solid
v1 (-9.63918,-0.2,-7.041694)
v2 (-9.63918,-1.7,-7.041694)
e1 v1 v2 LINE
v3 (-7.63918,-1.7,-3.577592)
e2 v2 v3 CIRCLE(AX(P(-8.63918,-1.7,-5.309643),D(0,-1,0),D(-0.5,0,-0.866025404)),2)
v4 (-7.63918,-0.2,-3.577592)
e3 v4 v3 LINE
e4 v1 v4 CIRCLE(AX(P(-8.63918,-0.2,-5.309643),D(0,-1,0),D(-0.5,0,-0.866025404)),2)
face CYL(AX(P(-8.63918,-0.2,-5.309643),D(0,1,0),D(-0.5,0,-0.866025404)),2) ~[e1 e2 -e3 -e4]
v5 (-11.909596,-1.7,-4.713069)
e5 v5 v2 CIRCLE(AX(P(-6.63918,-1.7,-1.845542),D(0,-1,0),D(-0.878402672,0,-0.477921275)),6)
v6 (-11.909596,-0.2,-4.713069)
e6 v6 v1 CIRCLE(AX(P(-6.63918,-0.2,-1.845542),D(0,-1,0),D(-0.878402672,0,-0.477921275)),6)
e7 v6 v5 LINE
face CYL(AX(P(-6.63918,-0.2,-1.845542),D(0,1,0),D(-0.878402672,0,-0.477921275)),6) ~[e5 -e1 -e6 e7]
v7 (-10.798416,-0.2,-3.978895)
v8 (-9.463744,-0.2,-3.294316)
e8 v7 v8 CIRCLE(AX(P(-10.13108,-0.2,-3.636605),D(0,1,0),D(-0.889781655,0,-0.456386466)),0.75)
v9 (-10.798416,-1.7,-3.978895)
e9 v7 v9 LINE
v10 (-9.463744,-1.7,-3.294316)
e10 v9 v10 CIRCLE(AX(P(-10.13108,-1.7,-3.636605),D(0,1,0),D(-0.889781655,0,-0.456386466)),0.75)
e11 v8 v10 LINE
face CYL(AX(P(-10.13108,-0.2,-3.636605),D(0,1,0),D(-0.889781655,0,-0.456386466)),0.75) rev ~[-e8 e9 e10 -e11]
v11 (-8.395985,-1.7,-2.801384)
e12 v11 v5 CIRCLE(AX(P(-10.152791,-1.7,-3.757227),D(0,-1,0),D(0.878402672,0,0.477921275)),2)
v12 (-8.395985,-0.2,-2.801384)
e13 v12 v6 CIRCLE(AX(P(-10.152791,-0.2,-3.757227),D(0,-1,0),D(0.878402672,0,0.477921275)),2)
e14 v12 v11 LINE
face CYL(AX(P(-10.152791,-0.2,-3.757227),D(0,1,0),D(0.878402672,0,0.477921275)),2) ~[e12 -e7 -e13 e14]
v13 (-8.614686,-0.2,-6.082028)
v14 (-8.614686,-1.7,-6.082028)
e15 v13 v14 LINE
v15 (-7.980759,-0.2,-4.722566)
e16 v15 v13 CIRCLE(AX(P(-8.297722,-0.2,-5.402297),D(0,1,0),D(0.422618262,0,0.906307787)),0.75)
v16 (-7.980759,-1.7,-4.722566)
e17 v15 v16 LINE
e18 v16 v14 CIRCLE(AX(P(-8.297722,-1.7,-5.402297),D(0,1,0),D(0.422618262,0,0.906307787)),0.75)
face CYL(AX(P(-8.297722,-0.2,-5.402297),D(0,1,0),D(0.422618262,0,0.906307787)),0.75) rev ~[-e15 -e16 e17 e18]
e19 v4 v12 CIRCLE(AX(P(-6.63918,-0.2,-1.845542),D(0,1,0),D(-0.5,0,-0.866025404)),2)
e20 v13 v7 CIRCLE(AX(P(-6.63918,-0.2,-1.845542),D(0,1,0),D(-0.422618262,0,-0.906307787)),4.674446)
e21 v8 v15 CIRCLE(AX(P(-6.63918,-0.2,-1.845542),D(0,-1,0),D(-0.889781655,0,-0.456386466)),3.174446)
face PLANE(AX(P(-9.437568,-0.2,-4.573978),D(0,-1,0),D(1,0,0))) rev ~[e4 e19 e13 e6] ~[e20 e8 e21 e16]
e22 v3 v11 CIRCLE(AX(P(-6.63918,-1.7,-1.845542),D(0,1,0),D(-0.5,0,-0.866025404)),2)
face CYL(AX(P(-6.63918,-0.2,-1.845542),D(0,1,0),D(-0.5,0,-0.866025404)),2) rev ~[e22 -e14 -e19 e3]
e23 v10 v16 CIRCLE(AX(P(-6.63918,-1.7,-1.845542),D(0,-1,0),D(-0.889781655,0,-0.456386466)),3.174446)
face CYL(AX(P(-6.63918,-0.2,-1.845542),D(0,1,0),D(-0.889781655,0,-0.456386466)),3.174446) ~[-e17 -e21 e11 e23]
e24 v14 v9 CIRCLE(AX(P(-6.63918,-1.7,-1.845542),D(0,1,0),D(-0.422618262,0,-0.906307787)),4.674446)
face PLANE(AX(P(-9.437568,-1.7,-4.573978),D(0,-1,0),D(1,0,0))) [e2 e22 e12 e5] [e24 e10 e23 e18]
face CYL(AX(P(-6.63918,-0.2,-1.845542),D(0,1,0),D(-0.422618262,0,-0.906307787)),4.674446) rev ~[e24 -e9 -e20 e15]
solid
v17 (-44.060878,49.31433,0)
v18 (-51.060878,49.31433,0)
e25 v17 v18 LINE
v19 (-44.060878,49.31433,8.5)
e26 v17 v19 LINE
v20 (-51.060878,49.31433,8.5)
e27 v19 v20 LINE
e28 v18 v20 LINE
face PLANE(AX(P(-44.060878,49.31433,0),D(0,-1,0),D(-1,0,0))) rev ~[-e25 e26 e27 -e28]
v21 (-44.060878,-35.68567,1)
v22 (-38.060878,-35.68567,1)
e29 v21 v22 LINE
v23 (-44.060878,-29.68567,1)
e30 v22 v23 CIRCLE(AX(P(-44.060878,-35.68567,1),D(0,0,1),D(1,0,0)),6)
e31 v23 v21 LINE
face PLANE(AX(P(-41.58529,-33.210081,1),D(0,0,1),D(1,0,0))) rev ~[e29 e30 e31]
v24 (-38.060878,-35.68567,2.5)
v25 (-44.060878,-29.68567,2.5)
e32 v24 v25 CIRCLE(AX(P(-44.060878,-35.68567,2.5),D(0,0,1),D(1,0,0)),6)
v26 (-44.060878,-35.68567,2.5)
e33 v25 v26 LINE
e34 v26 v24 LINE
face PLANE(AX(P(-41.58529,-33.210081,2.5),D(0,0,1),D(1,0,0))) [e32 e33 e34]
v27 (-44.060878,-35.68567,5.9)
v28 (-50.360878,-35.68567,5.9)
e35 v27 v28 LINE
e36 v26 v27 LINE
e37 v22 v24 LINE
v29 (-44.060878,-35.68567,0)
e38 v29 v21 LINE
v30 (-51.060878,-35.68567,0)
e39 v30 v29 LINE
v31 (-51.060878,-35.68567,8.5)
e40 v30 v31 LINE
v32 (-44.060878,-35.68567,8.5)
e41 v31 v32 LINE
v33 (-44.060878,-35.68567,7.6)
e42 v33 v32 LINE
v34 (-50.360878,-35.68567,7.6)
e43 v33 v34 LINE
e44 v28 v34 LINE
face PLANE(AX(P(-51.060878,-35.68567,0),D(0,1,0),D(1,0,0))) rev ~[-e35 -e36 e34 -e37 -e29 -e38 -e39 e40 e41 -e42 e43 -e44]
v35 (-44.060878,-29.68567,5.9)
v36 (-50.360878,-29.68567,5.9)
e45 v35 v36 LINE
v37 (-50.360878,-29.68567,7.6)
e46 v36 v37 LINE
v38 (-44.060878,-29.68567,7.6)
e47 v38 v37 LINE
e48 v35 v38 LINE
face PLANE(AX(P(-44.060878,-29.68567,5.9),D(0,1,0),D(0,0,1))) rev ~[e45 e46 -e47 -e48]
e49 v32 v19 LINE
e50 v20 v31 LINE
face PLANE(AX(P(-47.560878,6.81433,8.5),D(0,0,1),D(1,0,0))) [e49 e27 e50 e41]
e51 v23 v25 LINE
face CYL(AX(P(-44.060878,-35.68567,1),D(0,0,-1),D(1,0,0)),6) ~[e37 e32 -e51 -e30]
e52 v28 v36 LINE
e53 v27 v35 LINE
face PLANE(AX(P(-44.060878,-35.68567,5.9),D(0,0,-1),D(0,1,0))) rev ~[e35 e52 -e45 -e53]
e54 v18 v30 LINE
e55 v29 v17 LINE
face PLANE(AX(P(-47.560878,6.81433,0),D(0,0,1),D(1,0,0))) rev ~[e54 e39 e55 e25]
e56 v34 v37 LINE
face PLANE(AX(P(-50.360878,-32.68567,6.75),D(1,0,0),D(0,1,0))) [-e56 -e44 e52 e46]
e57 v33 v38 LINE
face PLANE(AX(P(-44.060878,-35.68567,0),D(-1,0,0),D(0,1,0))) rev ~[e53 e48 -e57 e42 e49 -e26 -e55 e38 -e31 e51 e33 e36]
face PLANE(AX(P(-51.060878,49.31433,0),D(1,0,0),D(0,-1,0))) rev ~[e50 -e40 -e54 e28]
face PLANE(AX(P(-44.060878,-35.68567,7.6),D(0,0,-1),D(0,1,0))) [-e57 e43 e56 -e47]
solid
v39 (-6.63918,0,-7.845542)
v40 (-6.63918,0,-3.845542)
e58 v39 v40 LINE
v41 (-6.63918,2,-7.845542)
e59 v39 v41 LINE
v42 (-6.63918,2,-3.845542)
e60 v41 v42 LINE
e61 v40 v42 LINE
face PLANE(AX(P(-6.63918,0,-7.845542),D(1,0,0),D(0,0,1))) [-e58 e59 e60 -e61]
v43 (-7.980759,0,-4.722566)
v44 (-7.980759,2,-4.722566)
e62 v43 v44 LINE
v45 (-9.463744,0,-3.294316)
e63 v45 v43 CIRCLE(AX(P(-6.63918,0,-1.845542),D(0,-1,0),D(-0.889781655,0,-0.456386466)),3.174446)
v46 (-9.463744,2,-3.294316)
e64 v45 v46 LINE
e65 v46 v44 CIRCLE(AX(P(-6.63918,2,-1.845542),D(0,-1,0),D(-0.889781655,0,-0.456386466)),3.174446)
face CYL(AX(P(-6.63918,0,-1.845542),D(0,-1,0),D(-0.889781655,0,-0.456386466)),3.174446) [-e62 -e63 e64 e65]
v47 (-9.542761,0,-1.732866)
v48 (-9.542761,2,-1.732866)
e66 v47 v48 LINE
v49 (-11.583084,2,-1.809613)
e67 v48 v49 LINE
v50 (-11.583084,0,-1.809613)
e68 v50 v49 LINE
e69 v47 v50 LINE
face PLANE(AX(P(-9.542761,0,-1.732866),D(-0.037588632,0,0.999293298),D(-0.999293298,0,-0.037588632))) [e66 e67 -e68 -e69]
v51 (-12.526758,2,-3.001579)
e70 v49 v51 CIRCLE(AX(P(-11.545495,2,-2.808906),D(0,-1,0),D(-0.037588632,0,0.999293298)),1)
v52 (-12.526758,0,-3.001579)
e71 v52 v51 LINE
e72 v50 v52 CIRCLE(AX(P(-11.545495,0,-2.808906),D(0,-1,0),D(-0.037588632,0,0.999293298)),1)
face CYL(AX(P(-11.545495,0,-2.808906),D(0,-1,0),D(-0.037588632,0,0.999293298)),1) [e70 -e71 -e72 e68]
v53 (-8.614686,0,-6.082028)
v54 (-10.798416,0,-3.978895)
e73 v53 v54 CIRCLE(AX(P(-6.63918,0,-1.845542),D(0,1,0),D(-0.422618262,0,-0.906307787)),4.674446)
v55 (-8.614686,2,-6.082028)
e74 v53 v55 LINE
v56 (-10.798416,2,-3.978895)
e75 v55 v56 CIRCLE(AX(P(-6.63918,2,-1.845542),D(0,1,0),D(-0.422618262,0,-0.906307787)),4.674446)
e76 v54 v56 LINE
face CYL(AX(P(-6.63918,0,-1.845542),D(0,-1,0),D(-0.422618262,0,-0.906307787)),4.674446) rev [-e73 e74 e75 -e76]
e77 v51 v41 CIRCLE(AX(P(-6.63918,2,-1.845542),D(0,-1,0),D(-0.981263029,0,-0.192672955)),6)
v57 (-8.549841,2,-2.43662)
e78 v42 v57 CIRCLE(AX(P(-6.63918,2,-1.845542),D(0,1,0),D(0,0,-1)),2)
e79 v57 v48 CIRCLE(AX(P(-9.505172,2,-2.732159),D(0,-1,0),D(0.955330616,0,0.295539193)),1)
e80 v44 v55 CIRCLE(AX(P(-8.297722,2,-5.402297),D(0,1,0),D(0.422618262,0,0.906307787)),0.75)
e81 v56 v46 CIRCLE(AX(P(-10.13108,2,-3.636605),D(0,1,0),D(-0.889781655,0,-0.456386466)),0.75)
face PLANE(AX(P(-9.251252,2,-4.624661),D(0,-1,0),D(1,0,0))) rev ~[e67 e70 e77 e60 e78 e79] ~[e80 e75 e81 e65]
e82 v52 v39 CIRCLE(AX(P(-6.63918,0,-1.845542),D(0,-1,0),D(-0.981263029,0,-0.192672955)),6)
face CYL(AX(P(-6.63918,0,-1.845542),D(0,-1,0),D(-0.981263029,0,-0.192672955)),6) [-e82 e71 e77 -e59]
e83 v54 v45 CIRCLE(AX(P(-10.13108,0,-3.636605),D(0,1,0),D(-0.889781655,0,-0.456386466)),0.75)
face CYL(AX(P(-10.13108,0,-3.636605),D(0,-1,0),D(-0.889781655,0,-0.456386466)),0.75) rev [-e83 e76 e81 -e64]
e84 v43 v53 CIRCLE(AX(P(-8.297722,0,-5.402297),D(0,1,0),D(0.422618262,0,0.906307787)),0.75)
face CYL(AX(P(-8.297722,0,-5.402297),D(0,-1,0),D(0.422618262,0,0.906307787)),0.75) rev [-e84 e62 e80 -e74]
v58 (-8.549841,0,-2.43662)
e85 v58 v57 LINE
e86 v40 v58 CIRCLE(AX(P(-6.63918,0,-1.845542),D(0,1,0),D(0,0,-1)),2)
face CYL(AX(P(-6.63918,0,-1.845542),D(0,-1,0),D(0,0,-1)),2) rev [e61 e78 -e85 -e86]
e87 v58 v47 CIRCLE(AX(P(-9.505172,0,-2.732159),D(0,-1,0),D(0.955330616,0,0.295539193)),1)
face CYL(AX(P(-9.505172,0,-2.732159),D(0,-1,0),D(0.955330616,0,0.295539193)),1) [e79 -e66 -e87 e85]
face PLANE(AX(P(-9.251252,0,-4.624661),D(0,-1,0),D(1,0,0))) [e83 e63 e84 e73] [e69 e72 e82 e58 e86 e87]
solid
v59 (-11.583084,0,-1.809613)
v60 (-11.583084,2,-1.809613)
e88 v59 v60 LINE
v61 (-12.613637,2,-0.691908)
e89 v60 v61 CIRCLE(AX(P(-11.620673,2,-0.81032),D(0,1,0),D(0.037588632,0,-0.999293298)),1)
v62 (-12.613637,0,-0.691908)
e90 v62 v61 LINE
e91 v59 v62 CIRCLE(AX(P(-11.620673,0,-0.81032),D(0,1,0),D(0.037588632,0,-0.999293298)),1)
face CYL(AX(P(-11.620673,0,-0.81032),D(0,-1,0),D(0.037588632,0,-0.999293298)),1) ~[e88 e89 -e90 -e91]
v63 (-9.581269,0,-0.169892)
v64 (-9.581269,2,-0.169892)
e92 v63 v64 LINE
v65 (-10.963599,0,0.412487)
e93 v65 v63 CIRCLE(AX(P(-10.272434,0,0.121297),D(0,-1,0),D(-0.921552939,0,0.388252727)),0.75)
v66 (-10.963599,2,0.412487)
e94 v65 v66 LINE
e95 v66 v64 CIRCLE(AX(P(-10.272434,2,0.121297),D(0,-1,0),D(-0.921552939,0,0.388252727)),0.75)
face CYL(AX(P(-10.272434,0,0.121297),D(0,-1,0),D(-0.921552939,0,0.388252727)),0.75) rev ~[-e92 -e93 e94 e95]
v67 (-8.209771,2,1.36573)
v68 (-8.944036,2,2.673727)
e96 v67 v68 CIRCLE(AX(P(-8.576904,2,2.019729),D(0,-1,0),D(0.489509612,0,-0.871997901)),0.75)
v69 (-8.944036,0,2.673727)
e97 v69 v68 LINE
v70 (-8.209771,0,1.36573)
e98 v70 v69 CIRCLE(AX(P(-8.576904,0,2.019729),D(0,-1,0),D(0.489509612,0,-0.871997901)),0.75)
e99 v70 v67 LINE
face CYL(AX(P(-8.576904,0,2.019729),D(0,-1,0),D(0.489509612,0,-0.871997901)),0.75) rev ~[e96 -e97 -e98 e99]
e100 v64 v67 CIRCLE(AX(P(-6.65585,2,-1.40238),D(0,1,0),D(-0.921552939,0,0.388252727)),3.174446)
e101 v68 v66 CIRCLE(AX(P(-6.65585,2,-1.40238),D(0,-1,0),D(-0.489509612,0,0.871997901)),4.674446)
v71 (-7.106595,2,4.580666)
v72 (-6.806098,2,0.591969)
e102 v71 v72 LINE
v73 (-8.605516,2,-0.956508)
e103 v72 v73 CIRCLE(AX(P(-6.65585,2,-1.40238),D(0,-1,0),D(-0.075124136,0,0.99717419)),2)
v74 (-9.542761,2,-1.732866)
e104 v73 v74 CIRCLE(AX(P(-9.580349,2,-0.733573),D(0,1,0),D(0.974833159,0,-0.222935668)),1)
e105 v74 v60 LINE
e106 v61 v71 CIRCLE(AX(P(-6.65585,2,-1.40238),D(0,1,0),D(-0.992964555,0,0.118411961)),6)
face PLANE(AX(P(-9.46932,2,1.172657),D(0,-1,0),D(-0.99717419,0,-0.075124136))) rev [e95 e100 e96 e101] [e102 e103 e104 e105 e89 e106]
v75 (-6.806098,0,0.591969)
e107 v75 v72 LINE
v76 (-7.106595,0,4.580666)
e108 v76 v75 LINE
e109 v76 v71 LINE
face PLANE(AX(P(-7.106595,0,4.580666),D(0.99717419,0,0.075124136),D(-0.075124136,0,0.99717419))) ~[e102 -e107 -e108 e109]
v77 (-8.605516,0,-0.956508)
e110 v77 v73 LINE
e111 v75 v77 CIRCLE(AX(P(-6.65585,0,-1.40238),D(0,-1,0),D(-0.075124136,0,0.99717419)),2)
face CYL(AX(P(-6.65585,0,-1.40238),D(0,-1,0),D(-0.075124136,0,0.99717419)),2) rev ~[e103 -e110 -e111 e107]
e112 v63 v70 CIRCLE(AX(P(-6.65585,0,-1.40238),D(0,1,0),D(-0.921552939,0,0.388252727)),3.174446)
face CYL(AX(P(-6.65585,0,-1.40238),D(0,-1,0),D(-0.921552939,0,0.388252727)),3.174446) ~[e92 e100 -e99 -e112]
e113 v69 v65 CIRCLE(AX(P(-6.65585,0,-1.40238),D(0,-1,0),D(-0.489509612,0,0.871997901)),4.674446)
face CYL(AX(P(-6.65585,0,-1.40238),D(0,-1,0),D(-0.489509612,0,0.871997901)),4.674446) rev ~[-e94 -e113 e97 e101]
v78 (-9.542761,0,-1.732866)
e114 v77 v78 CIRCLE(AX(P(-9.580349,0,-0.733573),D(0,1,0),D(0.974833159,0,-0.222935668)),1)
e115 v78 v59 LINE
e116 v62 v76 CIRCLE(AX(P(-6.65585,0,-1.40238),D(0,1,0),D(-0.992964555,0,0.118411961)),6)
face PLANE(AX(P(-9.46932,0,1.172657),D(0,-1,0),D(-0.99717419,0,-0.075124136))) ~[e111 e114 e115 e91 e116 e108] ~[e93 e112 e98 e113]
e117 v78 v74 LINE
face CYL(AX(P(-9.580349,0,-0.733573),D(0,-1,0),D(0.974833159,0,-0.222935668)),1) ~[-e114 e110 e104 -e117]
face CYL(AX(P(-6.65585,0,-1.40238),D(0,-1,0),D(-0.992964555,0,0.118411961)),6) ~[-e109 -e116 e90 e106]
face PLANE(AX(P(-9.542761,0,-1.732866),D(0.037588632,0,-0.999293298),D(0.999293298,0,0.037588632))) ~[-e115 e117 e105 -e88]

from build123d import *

# Parameters (mm, degrees)
F1_DEPTH  = 8.5
F4_DEPTH  = 1.5
F5_W      = 6
F5_H      = 1.7
F6_DEPTH  = 6.3
F8_DEPTH  = 2
F11_DEPTH = 1.5


with BuildPart() as f1:
    # F0 (on Top) → F1 (new body)
    with BuildSketch(Plane.XY):
        Polygon((-44.0608784556, 49.3143303692), (-51.0608784556, 49.3143303692), (-51.0608784556, -35.6856696308), (-44.0608784556, -35.6856696308), (-44.0608784556, -29.6856696308), align=None)
    extrude(amount=F1_DEPTH)

    # F3 (on offset) → F4 (join)
    with BuildSketch(Plane.XY.offset(1)):
        with BuildLine():
            ThreePointArc((-38.0608784556, -35.6856696308), (-39.8182377685, -31.4430289436), (-44.0608784556, -29.6856696308))
            Line((-44.0608784556, -29.6856696308), (-44.0608784556, -35.6856696308))
            Line((-44.0608784556, -35.6856696308), (-38.0608784556, -35.6856696308))
        make_face()
    extrude(amount=F4_DEPTH)

    # F5 (on face) → F6 (cut)
    with BuildSketch(Plane.YZ.offset(-44.0608784556)):
        with Locations((-32.6856696308, 6.75)):
            Rectangle(F5_W, F5_H)
    extrude(amount=-F6_DEPTH, mode=Mode.SUBTRACT)


with BuildPart() as f8:
    # F7 (on Front) → F8 (new body)
    with BuildSketch(Plane.XZ):
        with BuildLine():
            ThreePointArc((-11.5830838789, -1.8096130051), (-12.3295300446, -2.1881894299), (-12.5267582762, -3.001579258))
            ThreePointArc((-12.5267582762, -3.001579258), (-10.4512512978, -6.4789110558), (-6.6391801015, -7.8455415266))
            Line((-6.6391801015, -7.8455415266), (-6.6391801015, -3.8455415266))
            ThreePointArc((-6.6391801015, -3.8455415266), (-7.8261601413, -3.4552242235), (-8.5498413333, -2.4366199115))
            ThreePointArc((-8.5498413333, -2.4366199115), (-8.9269159095, -1.9163037538), (-9.542760581, -1.7328658064))
            Line((-9.542760581, -1.7328658064), (-11.5830838789, -1.8096130051))
        make_face()
        with BuildLine():
            ThreePointArc((-8.6146861663, -6.0820279542), (-9.8817958098, -5.2124221053), (-10.798416024, -3.9788952253))
            ThreePointArc((-10.798416024, -3.9788952253), (-10.4733696324, -2.9692691345), (-9.4637435416, -3.294315526))
            ThreePointArc((-9.4637435416, -3.294315526), (-8.8412609525, -4.1320114377), (-7.9807587737, -4.7225662736))
            ThreePointArc((-7.9807587737, -4.7225662736), (-7.6179916297, -5.7192608102), (-8.6146861663, -6.0820279542))
        make_face(mode=Mode.SUBTRACT)
    extrude(amount=-F8_DEPTH)


with BuildPart() as f11:
    # F10 (on offset) → F11 (new body)
    with BuildSketch(Plane.XZ.offset(0.2)):
        with BuildLine():
            ThreePointArc((-7.6391801015, -3.5775923341), (-8.0711782653, -3.2417439684), (-8.3959854459, -2.8013840772))
            ThreePointArc((-8.3959854459, -2.8013840772), (-11.1086333411, -2.0004212834), (-11.9095961349, -4.7130691785))
            ThreePointArc((-11.9095961349, -4.7130691785), (-10.9351745931, -6.0341488521), (-9.6391801015, -7.0416939493))
            ThreePointArc((-9.6391801015, -7.0416939493), (-6.9071292939, -6.3096431417), (-7.6391801015, -3.5775923341))
        make_face()
        with BuildLine():
            ThreePointArc((-9.4637435416, -3.294315526), (-8.8412609525, -4.1320114377), (-7.9807587737, -4.7225662736))
            ThreePointArc((-7.9807587737, -4.7225662736), (-7.6179916297, -5.7192608102), (-8.6146861663, -6.0820279542))
            ThreePointArc((-8.6146861663, -6.0820279542), (-9.8817958098, -5.2124221053), (-10.798416024, -3.9788952253))
            ThreePointArc((-10.798416024, -3.9788952253), (-10.4733696324, -2.9692691345), (-9.4637435416, -3.294315526))
        make_face(mode=Mode.SUBTRACT)
    extrude(amount=F11_DEPTH)


with BuildPart() as f12_1:
    # F12: instance of F8
    add(f8.part.mirror(Plane(origin=(-10.56292223, 1, -1.7712394057), x_dir=(1, 0, 0), z_dir=(-0.0375886318, 0, 0.9992932977))))


solid = Compound([f1.part, f8.part, f11.part, f12_1.part])
